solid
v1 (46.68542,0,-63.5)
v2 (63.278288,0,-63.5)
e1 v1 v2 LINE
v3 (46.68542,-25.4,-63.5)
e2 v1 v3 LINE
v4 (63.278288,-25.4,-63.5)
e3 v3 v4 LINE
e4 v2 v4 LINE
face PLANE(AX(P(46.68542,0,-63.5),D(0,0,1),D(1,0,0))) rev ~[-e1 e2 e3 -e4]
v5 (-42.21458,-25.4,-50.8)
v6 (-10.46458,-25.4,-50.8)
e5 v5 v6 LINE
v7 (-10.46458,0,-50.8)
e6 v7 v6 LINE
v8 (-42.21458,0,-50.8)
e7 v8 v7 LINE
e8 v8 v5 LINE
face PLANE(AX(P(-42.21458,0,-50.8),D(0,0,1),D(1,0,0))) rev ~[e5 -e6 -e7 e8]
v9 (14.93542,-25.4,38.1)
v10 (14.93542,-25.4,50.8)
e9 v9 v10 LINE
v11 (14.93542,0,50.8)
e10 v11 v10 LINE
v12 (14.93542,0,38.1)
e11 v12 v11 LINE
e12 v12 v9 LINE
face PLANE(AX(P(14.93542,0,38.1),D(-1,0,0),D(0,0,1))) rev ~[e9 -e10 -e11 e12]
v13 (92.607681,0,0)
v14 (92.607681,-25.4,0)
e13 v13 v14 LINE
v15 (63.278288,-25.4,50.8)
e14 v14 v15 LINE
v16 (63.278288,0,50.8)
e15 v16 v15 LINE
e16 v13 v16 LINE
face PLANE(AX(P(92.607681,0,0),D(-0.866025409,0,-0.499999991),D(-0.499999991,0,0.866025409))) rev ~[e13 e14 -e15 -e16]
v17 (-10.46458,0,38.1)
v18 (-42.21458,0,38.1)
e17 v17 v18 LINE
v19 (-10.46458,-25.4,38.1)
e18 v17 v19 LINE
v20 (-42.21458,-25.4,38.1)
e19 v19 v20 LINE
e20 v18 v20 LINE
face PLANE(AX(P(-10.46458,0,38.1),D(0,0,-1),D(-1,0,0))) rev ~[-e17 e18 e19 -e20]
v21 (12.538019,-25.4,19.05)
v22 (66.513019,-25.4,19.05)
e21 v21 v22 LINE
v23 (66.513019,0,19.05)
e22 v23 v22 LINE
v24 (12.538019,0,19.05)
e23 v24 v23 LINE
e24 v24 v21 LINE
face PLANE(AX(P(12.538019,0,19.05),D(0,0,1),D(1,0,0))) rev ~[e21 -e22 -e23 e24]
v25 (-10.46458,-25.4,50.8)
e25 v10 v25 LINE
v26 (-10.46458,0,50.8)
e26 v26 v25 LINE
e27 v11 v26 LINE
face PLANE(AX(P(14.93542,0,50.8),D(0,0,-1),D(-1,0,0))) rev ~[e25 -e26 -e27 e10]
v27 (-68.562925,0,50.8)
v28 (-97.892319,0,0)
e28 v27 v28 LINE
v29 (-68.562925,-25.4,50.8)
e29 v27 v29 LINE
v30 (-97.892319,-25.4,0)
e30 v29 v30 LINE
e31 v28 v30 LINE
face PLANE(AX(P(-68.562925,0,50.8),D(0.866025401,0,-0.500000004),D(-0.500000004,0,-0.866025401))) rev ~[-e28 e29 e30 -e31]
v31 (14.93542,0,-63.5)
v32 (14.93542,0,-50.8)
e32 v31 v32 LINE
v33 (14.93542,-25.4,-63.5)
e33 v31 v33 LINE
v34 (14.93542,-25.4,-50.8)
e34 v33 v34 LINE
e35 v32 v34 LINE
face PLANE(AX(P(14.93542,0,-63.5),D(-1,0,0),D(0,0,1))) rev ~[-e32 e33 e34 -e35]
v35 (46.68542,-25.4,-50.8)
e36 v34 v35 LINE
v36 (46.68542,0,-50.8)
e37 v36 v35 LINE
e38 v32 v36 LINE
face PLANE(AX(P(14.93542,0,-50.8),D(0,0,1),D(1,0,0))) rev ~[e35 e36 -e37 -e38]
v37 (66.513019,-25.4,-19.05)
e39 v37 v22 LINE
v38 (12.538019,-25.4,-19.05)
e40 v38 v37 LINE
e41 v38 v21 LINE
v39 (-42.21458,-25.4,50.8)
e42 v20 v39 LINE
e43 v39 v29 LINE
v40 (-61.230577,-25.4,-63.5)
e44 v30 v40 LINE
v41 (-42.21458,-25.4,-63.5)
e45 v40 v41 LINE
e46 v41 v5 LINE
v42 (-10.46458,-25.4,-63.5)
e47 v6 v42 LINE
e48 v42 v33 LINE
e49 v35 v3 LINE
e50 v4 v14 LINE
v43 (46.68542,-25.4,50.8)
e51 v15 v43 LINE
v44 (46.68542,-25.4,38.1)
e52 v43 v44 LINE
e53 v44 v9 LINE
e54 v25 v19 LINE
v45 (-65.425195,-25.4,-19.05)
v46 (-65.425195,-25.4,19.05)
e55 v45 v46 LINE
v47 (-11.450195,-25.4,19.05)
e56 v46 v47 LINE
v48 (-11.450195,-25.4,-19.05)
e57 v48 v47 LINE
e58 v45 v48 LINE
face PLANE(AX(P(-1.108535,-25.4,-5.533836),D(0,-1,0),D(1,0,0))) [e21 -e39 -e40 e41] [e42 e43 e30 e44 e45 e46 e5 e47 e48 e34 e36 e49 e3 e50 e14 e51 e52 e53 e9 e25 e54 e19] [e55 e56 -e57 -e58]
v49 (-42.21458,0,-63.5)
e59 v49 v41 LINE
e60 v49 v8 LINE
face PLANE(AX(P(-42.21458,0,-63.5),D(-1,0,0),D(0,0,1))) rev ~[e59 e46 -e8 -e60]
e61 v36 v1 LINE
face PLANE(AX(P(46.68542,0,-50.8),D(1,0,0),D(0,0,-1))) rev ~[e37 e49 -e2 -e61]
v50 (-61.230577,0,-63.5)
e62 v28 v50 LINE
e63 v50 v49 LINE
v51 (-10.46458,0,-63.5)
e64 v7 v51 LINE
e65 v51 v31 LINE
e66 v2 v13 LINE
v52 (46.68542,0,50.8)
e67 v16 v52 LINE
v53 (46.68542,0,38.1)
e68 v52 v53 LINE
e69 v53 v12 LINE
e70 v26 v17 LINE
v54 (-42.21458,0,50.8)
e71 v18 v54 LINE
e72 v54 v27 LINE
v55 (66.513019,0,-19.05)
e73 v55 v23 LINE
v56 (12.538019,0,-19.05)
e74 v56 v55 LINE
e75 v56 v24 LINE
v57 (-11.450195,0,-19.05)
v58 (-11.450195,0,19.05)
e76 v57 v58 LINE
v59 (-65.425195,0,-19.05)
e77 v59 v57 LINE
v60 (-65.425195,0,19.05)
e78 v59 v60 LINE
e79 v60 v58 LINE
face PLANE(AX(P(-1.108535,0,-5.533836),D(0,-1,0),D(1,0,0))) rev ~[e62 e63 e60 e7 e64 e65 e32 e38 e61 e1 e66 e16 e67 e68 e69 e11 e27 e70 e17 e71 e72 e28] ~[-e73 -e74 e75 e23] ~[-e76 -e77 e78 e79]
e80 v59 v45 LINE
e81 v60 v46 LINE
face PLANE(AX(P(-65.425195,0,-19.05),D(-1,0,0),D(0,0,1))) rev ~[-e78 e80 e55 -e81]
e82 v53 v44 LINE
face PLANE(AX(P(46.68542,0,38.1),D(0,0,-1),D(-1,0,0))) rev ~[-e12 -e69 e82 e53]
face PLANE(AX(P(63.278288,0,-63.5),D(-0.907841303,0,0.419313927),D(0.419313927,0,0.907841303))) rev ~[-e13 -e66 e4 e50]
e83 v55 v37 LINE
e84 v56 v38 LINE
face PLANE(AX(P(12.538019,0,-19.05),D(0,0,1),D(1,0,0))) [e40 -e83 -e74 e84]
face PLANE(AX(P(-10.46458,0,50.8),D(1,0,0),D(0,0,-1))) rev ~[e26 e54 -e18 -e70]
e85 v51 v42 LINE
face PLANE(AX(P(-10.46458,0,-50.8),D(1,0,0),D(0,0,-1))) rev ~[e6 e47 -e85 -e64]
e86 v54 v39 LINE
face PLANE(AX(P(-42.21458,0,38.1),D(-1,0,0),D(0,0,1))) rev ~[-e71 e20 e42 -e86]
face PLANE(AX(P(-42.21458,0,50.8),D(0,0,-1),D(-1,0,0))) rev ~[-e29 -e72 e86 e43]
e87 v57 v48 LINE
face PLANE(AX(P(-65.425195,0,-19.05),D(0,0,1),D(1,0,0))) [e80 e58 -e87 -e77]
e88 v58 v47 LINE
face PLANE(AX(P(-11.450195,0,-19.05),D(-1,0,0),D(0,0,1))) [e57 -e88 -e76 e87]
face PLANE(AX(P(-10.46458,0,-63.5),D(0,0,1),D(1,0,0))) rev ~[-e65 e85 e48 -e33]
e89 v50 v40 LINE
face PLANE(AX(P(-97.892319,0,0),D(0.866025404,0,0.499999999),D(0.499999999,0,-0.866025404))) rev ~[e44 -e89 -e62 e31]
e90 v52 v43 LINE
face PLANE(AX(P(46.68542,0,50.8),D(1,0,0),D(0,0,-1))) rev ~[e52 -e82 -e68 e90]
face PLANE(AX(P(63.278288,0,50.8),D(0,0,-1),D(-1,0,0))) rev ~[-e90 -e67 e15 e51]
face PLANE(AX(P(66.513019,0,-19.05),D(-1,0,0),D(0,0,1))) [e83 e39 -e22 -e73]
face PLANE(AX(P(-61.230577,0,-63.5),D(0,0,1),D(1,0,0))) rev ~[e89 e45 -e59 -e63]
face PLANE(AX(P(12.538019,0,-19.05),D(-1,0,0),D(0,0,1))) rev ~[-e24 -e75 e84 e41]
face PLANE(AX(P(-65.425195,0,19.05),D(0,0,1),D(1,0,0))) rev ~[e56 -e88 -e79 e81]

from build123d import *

# Parameters (mm, degrees)
F0_W     = 53.975
F0_H     = 38.1
F1_DEPTH = 25.4


with BuildPart() as f1:
    # F0 (on Front) → F1 (new body)
    with BuildSketch(Plane.XZ):
        Polygon((-42.21458, 50.8), (-68.562925, 50.8), (-97.892319, 0), (-61.230577, -63.5), (-42.21458, -63.5), (-42.21458, -50.8), (-10.46458, -50.8), (-10.46458, -63.5), (14.93542, -63.5), (14.93542, -50.8), (46.68542, -50.8), (46.68542, -63.5), (63.278288, -63.5), (92.607681, 0), (63.278288, 50.8), (46.68542, 50.8), (46.68542, 38.1), (14.93542, 38.1), (14.93542, 50.8), (-10.46458, 50.8), (-10.46458, 38.1), (-42.21458, 38.1), align=None)
        with Locations((-38.437695, 0)):
            Rectangle(F0_W, F0_H, mode=Mode.SUBTRACT)
        with Locations((39.525519, 0)):
            Rectangle(F0_W, F0_H, mode=Mode.SUBTRACT)
    extrude(amount=F1_DEPTH)


solid = f1.part
